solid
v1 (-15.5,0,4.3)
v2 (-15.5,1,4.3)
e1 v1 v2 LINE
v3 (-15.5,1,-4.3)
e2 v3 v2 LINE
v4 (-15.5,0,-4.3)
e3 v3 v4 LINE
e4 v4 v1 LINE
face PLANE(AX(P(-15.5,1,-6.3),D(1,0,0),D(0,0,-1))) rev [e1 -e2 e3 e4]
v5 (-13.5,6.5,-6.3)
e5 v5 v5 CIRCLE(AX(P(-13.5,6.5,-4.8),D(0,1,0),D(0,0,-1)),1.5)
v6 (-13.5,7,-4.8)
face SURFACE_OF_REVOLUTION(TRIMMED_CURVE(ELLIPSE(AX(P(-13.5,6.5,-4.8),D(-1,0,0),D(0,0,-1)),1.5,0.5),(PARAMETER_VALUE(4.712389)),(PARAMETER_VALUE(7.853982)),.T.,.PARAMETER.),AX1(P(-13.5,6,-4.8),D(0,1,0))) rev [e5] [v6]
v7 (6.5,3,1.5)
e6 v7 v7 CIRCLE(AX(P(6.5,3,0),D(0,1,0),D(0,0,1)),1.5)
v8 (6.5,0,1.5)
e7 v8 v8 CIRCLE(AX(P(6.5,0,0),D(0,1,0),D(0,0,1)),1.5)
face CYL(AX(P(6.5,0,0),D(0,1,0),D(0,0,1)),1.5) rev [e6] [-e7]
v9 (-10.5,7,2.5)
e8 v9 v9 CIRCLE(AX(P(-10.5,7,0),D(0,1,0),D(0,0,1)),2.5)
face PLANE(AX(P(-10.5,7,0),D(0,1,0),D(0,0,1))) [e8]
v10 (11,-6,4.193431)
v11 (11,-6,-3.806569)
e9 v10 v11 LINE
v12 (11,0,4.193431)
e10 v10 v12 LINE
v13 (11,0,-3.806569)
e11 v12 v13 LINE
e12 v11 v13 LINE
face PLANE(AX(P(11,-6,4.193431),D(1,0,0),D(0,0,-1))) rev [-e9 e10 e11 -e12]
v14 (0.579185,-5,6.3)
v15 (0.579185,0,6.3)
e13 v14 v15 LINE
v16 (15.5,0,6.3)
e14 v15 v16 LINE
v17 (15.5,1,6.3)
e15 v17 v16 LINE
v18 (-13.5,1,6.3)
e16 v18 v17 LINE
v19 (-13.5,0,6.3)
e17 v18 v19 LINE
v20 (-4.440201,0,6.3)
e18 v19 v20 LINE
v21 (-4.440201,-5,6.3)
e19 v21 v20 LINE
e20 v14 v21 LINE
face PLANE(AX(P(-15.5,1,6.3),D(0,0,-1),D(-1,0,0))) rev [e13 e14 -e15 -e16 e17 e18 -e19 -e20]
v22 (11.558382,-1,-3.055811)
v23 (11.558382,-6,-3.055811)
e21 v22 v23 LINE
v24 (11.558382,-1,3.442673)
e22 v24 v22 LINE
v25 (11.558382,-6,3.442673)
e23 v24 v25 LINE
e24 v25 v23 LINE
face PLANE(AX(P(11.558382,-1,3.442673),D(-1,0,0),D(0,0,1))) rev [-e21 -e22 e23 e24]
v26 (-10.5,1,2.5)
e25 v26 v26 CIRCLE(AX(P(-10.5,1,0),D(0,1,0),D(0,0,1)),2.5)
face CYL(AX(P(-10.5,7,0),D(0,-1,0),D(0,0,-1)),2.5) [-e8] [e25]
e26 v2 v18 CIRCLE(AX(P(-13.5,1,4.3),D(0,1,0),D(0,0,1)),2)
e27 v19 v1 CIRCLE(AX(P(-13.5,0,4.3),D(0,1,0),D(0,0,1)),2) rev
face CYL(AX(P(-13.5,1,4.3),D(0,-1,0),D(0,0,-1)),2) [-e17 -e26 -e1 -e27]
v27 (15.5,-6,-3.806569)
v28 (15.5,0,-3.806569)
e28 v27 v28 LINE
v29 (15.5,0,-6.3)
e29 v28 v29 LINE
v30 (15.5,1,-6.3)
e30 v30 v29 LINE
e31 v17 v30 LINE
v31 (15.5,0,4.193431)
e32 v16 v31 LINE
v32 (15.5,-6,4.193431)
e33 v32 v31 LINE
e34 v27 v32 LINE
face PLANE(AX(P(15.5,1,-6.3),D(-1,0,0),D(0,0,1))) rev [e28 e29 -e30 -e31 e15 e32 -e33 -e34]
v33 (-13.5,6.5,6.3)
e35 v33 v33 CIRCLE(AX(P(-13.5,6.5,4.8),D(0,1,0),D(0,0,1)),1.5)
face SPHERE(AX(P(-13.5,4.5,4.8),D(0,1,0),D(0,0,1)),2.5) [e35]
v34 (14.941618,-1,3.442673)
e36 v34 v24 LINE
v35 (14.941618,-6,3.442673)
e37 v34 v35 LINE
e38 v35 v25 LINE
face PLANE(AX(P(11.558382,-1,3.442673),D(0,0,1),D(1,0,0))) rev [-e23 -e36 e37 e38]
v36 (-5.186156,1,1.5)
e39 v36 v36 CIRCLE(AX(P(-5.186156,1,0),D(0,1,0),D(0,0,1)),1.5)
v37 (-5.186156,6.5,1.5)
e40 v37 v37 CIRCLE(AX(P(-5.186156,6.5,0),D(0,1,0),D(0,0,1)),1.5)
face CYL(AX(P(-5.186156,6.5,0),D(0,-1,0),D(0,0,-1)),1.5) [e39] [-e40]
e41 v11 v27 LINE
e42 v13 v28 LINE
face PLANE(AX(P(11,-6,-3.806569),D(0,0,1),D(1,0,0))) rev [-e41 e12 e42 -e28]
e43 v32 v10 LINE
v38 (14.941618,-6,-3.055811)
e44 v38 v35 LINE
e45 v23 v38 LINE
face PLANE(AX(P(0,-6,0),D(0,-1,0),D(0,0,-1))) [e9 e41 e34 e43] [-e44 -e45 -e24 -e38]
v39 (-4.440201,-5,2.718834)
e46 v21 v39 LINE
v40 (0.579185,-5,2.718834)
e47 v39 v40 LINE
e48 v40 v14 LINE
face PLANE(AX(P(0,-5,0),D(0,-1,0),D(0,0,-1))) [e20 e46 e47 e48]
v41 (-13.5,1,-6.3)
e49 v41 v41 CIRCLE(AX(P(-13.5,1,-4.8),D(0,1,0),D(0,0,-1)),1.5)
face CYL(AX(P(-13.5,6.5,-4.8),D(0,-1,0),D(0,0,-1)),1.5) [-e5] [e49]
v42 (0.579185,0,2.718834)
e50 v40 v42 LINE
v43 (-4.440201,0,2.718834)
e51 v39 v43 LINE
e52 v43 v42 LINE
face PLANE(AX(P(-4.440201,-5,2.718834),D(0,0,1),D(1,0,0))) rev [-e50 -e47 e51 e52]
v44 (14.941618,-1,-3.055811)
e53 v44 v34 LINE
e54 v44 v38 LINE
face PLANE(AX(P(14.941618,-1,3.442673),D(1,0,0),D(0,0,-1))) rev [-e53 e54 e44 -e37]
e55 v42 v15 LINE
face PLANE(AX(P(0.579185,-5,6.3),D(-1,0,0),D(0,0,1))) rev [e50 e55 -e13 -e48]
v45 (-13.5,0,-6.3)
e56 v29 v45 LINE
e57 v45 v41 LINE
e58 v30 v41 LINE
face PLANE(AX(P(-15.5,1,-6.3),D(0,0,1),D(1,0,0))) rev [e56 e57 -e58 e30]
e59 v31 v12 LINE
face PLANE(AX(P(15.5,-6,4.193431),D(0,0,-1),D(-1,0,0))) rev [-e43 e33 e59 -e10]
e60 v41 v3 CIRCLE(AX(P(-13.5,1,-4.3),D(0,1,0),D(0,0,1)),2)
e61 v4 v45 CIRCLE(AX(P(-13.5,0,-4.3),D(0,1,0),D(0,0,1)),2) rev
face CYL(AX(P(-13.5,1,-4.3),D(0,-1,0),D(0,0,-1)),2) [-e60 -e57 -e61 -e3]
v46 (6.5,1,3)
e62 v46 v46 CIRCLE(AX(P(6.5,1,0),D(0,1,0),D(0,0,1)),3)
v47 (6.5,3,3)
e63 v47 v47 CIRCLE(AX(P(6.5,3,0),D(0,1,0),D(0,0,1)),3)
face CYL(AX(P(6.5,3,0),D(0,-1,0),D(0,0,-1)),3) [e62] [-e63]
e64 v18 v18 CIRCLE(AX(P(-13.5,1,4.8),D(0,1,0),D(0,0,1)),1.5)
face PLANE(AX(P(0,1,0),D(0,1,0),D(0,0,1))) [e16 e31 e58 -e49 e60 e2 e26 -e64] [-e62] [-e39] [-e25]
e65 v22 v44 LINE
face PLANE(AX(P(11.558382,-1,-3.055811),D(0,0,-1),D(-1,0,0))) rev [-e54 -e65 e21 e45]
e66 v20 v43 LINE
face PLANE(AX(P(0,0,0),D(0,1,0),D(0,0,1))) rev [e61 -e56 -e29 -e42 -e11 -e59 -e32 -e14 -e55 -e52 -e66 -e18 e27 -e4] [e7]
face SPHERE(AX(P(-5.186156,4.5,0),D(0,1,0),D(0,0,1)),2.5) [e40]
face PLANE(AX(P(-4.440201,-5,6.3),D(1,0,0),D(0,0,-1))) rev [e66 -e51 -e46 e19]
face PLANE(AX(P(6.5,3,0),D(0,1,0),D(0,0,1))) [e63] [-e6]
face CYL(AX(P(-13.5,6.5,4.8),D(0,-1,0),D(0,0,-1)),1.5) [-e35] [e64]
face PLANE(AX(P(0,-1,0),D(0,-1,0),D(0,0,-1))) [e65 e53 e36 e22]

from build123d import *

# Parameters (mm, degrees)
SKETCH_1_W          = 31
SKETCH_1_H          = 12.6
EXTRUDE_1_DEPTH     = 1
SKETCH_2_R          = 2.5
EXTRUDE_2_DEPTH     = 6
SKETCH_3_R          = 1.5
EXTRUDE_3_DEPTH     = 5.5
DOME_1_FACE_RADIUS  = 1.5
DOME_1_HEIGHT       = 0.5
DOME_2_FACE_RADIUS  = 1.5
DOME_2_HEIGHT       = 0.5
DOME_3_FACE_RADIUS  = 1.5
DOME_3_HEIGHT       = 0.5
SKETCH_4_R          = 1.5
CUT_EXTRUDE_1_DEPTH = 18.774701192
EXTRUDE_START       = 2
SKETCH_5_R          = 3
SKETCH_5_R_2        = 1.5
EXTRUDE_4_DEPTH     = 2
SKETCH_6_W          = 4.5
SKETCH_6_H          = 8
EXTRUDE_6_DEPTH     = 6
SKETCH_7_W          = 3.38323666
SKETCH_7_H          = 6.498483094
CUT_EXTRUDE_2_DEPTH = 5
FILLET_1_R          = 2
SKETCH_9_W          = 5.019385781
SKETCH_9_H          = 3.581166035
EXTRUDE_7_DEPTH     = 5


with BuildPart() as part:
    # 草图1 → 凸台-拉伸1 (new body)
    with BuildSketch(Plane(origin=(0, 0, 0), x_dir=(1, 0, 0), z_dir=(0, 1, 0))):
        Rectangle(SKETCH_1_W, SKETCH_1_H)
    extrude(amount=EXTRUDE_1_DEPTH)

    # 草图2 → 凸台-拉伸2 (add)
    with BuildSketch(Plane(origin=(0, 1, 0), x_dir=(1, 0, 0), z_dir=(0, 1, 0))):
        with Locations(Location((-10.5, 0, 0), (0, 0, 270))):
            Circle(SKETCH_2_R)
    extrude(amount=EXTRUDE_2_DEPTH)

    # 草图3 → 凸台-拉伸3 (add)
    with BuildSketch(Plane(origin=(0, 1, 0), x_dir=(1, 0, 0), z_dir=(0, 1, 0))):
        with Locations(Location((-13.5, -4.8, 0), (0, 0, 270))):
            Circle(SKETCH_3_R)
        with Locations(Location((-13.5, 4.8, 0), (0, 0, 90))):
            Circle(SKETCH_3_R)
        with Locations(Location((-5.186156124, 0, 0), (0, 0, 270))):
            Circle(SKETCH_3_R)
    extrude(amount=EXTRUDE_3_DEPTH)

    # 圆顶1: an elliptical dome of height H over a round flat face of radius A is half a spheroid: the quarter ellipse of half axes A and H revolved about the face's axis
    with BuildSketch(Plane((-13.5, 6.5, -4.8), x_dir=(0, 0, -1), z_dir=(1, 0, 0)), mode=Mode.PRIVATE) as dome_1_quarter:
        Ellipse(DOME_1_FACE_RADIUS, DOME_1_HEIGHT)
        Rectangle(DOME_1_FACE_RADIUS, DOME_1_HEIGHT, align=(Align.MIN, Align.MIN), mode=Mode.INTERSECT)
    revolve(dome_1_quarter.sketch, axis=Axis((-13.5, 6.5, -4.8), (0, 1, 0)))

    # 圆顶2: a dome of height H over a round flat face of radius A is a cap of a sphere of radius (A * A + H * H) / (2 * H)
    dome_2_r = (DOME_2_FACE_RADIUS * DOME_2_FACE_RADIUS + DOME_2_HEIGHT * DOME_2_HEIGHT) / (2 * DOME_2_HEIGHT)
    dome_2_base = Plane((-13.5, 6.5, 4.8), z_dir=(0, 1, 0))
    with Locations(dome_2_base.offset(DOME_2_HEIGHT - dome_2_r)):
        dome_2_ball = Sphere(dome_2_r, mode=Mode.PRIVATE)
    add(split(dome_2_ball, bisect_by=dome_2_base, keep=Keep.TOP, mode=Mode.PRIVATE))

    # 圆顶3: a dome of height H over a round flat face of radius A is a cap of a sphere of radius (A * A + H * H) / (2 * H)
    dome_3_r = (DOME_3_FACE_RADIUS * DOME_3_FACE_RADIUS + DOME_3_HEIGHT * DOME_3_HEIGHT) / (2 * DOME_3_HEIGHT)
    dome_3_base = Plane((-5.186156124, 6.5, 0), z_dir=(0, 1, 0))
    with Locations(dome_3_base.offset(DOME_3_HEIGHT - dome_3_r)):
        dome_3_ball = Sphere(dome_3_r, mode=Mode.PRIVATE)
    add(split(dome_3_ball, bisect_by=dome_3_base, keep=Keep.TOP, mode=Mode.PRIVATE))

    # 草图4 → 切除-拉伸1 (cut, through all)
    with BuildSketch(Plane(origin=(0, 1, 0), x_dir=(1, 0, 0), z_dir=(0, 1, 0))):
        with Locations(Location((6.5, 0, 0), (0, 0, 270))):
            Circle(SKETCH_4_R)
    extrude(amount=-CUT_EXTRUDE_1_DEPTH, mode=Mode.SUBTRACT)

    # 草图5 → 凸台-拉伸4 (add)
    with BuildSketch(Plane(origin=(0, 1, 0), x_dir=(1, 0, 0), z_dir=(0, 1, 0)).offset(EXTRUDE_START)):
        with Locations(Location((6.5, 0, 0), (0, 0, 270))):
            Circle(SKETCH_5_R)
        with Locations(Location((6.5, 0, 0), (0, 0, 270))):
            Circle(SKETCH_5_R_2, mode=Mode.SUBTRACT)
    extrude(amount=-EXTRUDE_4_DEPTH)

    # 草图6 → 凸台-拉伸6 (add)
    with BuildSketch(Plane(origin=(0, 0, 0), x_dir=(-1, 0, 0), z_dir=(0, -1, 0))):
        with Locations((-13.25, -0.193431005)):
            Rectangle(SKETCH_6_W, SKETCH_6_H)
    extrude(amount=EXTRUDE_6_DEPTH)

    # 草图7 → 切除-拉伸2 (cut)
    with BuildSketch(Plane.XZ.offset(6)):
        with Locations((13.25, 0.193431005)):
            Rectangle(SKETCH_7_W, SKETCH_7_H)
    extrude(amount=-CUT_EXTRUDE_2_DEPTH, mode=Mode.SUBTRACT)

    # 圆角1
    fillet_1_edges = [part.edges().sort_by_distance(p)[0] for p in [
        (-15.5, 0.5, -6.3),
        (-15.5, 0.5, 6.3),
    ]]
    fillet(fillet_1_edges, radius=FILLET_1_R)

    # 草图9 → 凸台-拉伸7 (add)
    with BuildSketch(Plane.XZ):
        with Locations((-1.930507992, 4.509416983)):
            Rectangle(SKETCH_9_W, SKETCH_9_H)
    extrude(amount=EXTRUDE_7_DEPTH)


solid = part.part
